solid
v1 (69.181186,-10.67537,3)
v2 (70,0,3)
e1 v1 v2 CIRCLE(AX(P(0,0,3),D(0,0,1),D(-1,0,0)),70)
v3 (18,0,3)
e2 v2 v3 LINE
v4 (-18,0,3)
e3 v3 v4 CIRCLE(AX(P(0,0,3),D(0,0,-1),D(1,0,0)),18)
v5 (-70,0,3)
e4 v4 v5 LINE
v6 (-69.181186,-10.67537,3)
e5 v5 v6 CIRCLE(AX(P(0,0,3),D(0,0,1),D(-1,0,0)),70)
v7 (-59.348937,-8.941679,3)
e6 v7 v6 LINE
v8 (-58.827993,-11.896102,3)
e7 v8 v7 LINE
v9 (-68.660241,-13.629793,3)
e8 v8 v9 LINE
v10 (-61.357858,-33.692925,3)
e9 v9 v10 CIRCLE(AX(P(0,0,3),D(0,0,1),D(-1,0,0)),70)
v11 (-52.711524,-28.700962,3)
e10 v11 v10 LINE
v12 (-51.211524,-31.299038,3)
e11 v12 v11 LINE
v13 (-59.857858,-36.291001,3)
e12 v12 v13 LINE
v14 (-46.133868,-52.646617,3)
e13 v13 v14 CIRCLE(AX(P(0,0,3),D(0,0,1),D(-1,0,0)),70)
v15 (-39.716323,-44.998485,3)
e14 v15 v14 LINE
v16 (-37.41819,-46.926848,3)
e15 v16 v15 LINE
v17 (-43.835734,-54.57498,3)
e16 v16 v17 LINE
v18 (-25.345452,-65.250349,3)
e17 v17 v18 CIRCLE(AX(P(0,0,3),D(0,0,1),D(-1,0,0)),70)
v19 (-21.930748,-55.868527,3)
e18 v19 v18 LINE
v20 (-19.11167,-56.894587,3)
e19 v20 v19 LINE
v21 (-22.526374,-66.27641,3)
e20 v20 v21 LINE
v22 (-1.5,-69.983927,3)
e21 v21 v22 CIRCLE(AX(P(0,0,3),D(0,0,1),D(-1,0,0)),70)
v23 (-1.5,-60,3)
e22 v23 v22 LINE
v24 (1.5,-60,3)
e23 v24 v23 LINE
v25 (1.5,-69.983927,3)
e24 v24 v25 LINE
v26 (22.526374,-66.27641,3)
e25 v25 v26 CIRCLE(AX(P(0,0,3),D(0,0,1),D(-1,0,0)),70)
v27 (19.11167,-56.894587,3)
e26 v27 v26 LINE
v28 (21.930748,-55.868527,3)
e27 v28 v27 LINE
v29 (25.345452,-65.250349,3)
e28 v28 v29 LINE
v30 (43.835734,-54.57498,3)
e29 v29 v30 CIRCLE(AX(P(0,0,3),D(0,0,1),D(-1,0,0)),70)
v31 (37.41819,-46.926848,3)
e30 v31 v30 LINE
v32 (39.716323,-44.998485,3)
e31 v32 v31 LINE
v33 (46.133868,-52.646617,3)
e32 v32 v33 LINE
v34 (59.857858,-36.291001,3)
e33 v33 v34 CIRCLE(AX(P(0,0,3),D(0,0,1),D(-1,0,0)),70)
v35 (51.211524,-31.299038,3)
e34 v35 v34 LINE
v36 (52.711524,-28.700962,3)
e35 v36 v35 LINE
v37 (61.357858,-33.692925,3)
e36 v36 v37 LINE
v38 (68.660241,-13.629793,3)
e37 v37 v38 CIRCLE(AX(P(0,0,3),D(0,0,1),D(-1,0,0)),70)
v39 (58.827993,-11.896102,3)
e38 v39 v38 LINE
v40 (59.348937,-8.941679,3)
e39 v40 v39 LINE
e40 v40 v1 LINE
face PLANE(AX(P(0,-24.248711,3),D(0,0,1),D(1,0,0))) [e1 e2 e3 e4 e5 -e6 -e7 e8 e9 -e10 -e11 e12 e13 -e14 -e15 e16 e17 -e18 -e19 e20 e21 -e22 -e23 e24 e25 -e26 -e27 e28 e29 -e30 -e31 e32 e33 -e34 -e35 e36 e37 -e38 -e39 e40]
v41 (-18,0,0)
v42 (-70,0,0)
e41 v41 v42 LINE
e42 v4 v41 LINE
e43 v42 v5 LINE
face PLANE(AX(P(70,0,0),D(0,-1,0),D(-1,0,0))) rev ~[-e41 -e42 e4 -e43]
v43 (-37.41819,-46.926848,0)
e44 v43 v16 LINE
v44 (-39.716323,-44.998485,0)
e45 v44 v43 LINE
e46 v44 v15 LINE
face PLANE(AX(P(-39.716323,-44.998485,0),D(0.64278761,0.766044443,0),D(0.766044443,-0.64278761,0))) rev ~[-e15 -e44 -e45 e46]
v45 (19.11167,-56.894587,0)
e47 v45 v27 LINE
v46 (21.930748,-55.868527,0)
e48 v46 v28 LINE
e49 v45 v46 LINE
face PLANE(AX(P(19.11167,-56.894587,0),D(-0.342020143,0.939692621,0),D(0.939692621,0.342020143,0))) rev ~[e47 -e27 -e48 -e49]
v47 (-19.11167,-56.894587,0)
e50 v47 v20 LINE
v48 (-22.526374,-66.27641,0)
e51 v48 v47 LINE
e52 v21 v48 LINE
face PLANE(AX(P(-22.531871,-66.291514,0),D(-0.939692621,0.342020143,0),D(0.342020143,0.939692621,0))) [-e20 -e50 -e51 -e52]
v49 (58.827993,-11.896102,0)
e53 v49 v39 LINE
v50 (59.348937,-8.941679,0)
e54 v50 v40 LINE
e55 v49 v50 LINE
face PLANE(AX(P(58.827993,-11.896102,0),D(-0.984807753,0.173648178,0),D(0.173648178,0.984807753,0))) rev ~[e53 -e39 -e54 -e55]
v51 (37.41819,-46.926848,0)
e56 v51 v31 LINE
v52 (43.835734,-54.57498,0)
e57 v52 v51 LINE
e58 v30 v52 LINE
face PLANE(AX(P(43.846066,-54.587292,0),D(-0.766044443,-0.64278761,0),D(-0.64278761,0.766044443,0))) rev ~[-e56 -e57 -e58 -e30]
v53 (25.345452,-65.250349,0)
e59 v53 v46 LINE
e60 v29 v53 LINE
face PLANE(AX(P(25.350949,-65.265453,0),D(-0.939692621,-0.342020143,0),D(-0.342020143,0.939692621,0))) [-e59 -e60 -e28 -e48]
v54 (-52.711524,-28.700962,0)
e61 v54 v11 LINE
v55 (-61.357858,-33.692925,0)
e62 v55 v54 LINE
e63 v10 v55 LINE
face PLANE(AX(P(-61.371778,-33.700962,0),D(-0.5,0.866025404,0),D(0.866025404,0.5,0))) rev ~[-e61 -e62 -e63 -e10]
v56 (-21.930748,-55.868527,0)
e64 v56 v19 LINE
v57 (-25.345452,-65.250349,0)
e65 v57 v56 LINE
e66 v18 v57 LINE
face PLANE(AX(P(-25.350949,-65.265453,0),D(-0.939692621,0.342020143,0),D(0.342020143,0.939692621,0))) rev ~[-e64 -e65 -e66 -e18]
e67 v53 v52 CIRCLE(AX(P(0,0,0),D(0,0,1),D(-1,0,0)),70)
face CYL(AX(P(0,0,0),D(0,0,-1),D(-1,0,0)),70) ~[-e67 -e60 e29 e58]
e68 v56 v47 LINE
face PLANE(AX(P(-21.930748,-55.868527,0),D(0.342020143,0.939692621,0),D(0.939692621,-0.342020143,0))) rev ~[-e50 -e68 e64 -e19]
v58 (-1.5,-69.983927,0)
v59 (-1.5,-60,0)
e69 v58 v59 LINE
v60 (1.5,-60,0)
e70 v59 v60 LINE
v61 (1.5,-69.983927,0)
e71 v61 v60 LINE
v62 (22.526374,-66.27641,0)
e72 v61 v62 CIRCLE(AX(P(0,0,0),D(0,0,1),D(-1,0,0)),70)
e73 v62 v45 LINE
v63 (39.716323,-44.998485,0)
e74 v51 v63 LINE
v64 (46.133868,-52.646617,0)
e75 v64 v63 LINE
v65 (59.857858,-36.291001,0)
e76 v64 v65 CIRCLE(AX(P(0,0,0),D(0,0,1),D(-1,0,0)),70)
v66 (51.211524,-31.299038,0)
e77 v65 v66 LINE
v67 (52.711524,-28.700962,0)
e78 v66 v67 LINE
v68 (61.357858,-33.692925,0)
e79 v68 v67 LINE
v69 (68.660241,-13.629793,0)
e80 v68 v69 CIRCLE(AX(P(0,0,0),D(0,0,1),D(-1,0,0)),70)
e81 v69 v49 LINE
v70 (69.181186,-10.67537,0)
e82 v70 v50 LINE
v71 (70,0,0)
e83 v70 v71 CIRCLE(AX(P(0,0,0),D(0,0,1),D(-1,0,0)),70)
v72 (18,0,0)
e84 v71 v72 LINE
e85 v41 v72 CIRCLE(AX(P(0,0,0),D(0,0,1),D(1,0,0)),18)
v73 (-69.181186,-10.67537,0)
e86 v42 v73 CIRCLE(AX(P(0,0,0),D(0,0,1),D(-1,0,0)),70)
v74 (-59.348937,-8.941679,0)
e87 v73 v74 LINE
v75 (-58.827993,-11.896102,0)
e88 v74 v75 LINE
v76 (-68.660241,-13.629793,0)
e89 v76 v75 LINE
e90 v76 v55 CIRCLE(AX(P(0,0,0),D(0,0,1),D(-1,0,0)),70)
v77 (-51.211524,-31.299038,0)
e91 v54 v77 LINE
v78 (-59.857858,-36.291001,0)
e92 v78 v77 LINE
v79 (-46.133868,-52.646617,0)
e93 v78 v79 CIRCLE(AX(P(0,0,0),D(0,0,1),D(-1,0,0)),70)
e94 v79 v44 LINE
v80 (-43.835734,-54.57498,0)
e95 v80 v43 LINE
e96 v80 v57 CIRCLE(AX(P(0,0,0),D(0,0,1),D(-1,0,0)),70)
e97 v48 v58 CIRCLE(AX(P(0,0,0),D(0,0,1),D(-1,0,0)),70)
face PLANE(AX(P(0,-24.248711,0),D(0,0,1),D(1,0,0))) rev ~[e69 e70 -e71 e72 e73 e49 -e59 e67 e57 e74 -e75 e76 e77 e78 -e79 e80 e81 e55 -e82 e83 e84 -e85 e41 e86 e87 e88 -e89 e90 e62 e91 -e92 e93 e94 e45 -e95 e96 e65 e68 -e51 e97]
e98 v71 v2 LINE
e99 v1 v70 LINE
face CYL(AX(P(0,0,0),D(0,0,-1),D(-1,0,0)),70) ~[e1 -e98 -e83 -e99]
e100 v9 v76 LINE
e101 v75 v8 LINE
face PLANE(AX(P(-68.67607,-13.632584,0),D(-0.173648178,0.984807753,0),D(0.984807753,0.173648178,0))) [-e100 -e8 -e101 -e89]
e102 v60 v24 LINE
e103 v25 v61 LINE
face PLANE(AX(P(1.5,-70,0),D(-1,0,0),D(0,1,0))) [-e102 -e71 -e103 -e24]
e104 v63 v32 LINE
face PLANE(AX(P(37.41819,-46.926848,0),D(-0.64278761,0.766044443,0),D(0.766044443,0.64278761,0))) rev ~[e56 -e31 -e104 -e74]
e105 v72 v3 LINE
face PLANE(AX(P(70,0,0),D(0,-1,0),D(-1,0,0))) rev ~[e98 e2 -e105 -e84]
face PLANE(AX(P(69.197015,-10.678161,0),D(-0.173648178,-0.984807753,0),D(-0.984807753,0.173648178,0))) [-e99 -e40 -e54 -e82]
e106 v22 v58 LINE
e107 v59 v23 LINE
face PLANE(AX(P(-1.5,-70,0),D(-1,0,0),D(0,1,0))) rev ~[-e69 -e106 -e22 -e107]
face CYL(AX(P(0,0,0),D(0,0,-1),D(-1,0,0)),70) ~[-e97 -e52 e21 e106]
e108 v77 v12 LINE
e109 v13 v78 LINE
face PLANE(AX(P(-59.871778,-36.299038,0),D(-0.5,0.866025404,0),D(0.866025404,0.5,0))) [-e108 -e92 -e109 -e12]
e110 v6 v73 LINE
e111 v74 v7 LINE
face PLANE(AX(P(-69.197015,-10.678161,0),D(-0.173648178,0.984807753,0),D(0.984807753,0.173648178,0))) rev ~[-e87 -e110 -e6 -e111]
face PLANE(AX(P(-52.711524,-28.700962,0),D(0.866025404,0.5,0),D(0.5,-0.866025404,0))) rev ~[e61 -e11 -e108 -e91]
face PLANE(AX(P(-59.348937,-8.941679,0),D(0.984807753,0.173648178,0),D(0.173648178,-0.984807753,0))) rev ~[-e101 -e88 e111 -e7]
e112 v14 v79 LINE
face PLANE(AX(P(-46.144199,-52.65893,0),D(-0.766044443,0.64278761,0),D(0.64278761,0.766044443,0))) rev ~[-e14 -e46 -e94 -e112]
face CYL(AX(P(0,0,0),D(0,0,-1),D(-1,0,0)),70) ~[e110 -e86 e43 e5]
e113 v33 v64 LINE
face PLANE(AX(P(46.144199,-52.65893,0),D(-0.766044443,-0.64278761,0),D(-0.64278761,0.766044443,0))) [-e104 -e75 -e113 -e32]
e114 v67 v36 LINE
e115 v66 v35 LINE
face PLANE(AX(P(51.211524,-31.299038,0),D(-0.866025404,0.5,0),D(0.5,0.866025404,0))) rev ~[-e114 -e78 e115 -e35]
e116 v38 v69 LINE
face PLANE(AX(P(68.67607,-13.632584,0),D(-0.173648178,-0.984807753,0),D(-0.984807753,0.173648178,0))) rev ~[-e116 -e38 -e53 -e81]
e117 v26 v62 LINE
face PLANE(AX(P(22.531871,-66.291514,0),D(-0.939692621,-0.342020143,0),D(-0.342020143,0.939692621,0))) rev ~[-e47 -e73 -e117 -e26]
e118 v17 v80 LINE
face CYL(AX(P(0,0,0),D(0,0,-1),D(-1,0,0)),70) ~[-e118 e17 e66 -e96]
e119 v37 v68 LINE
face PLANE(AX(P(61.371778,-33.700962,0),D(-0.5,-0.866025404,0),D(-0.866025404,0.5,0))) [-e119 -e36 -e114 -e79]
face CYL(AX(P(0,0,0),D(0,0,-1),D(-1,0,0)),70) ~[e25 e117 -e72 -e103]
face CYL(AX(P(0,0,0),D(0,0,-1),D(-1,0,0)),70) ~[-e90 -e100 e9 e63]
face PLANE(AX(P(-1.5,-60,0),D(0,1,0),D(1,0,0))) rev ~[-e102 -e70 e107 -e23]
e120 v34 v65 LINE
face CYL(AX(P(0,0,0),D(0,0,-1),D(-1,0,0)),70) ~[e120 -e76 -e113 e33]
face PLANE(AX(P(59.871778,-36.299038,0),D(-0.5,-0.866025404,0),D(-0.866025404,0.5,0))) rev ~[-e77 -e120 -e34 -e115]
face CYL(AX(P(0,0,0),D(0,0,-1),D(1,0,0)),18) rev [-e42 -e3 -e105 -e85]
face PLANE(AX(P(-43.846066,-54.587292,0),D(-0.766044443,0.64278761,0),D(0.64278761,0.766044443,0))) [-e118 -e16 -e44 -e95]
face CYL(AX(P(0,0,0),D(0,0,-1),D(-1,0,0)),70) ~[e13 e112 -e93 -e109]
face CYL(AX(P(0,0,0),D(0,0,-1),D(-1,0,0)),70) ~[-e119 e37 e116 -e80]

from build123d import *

# Parameters (mm, degrees)
BOSS_EXTRUDE1_DEPTH             = 3
SKETCH5_W                       = 3
SKETCH5_H                       = 10
CUT_EXTRUDE2_DEPTH              = 100.040395799
CIRPATTERN1_COUNT               = 5
CIRPATTERN1_ANGLE               = 80
CIRPATTERN1_THE_OTHER_WAY_COUNT = 5
CIRPATTERN1_THE_OTHER_WAY_ANGLE = 80
SKETCH6_R                       = 18
CUT_EXTRUDE3_DEPTH              = 100.029036146


with BuildPart() as part:
    # Sketch4 → Boss-Extrude1 (new body)
    with BuildSketch(Plane.XY):
        with BuildLine():
            Line((70, 0), (-70, 0))
            ThreePointArc((-70, 0), (0, -70), (70, 0))
        make_face()
    extrude(amount=BOSS_EXTRUDE1_DEPTH)

    # Sketch5 → Cut-Extrude2 (cut, through all)
    with BuildSketch(Plane.XY):
        with Locations((0, -65)):
            Rectangle(SKETCH5_W, SKETCH5_H)
    cut_extrude2 = extrude(amount=CUT_EXTRUDE2_DEPTH, mode=Mode.SUBTRACT)

    # CirPattern1: Cut-Extrude2 ×5 about axis
    cirpattern1_axis = Axis((0, 0, 3), (0, 0, -1))
    for i in range(1, CIRPATTERN1_COUNT):
        add(cut_extrude2.rotate(cirpattern1_axis, i * CIRPATTERN1_ANGLE / (CIRPATTERN1_COUNT - 1)), mode=Mode.SUBTRACT)

    # CirPattern1 the other way: Cut-Extrude2 ×5 about axis
    cirpattern1_the_other_way_axis = Axis((0, 0, 3), (0, 0, 1))
    for i in range(1, CIRPATTERN1_THE_OTHER_WAY_COUNT):
        add(cut_extrude2.rotate(cirpattern1_the_other_way_axis, i * CIRPATTERN1_THE_OTHER_WAY_ANGLE / (CIRPATTERN1_THE_OTHER_WAY_COUNT - 1)), mode=Mode.SUBTRACT)

    # Sketch6 → Cut-Extrude3 (cut, through all)
    with BuildSketch(Plane.XY):
        Circle(SKETCH6_R)
    extrude(amount=CUT_EXTRUDE3_DEPTH, mode=Mode.SUBTRACT)


solid = part.part
